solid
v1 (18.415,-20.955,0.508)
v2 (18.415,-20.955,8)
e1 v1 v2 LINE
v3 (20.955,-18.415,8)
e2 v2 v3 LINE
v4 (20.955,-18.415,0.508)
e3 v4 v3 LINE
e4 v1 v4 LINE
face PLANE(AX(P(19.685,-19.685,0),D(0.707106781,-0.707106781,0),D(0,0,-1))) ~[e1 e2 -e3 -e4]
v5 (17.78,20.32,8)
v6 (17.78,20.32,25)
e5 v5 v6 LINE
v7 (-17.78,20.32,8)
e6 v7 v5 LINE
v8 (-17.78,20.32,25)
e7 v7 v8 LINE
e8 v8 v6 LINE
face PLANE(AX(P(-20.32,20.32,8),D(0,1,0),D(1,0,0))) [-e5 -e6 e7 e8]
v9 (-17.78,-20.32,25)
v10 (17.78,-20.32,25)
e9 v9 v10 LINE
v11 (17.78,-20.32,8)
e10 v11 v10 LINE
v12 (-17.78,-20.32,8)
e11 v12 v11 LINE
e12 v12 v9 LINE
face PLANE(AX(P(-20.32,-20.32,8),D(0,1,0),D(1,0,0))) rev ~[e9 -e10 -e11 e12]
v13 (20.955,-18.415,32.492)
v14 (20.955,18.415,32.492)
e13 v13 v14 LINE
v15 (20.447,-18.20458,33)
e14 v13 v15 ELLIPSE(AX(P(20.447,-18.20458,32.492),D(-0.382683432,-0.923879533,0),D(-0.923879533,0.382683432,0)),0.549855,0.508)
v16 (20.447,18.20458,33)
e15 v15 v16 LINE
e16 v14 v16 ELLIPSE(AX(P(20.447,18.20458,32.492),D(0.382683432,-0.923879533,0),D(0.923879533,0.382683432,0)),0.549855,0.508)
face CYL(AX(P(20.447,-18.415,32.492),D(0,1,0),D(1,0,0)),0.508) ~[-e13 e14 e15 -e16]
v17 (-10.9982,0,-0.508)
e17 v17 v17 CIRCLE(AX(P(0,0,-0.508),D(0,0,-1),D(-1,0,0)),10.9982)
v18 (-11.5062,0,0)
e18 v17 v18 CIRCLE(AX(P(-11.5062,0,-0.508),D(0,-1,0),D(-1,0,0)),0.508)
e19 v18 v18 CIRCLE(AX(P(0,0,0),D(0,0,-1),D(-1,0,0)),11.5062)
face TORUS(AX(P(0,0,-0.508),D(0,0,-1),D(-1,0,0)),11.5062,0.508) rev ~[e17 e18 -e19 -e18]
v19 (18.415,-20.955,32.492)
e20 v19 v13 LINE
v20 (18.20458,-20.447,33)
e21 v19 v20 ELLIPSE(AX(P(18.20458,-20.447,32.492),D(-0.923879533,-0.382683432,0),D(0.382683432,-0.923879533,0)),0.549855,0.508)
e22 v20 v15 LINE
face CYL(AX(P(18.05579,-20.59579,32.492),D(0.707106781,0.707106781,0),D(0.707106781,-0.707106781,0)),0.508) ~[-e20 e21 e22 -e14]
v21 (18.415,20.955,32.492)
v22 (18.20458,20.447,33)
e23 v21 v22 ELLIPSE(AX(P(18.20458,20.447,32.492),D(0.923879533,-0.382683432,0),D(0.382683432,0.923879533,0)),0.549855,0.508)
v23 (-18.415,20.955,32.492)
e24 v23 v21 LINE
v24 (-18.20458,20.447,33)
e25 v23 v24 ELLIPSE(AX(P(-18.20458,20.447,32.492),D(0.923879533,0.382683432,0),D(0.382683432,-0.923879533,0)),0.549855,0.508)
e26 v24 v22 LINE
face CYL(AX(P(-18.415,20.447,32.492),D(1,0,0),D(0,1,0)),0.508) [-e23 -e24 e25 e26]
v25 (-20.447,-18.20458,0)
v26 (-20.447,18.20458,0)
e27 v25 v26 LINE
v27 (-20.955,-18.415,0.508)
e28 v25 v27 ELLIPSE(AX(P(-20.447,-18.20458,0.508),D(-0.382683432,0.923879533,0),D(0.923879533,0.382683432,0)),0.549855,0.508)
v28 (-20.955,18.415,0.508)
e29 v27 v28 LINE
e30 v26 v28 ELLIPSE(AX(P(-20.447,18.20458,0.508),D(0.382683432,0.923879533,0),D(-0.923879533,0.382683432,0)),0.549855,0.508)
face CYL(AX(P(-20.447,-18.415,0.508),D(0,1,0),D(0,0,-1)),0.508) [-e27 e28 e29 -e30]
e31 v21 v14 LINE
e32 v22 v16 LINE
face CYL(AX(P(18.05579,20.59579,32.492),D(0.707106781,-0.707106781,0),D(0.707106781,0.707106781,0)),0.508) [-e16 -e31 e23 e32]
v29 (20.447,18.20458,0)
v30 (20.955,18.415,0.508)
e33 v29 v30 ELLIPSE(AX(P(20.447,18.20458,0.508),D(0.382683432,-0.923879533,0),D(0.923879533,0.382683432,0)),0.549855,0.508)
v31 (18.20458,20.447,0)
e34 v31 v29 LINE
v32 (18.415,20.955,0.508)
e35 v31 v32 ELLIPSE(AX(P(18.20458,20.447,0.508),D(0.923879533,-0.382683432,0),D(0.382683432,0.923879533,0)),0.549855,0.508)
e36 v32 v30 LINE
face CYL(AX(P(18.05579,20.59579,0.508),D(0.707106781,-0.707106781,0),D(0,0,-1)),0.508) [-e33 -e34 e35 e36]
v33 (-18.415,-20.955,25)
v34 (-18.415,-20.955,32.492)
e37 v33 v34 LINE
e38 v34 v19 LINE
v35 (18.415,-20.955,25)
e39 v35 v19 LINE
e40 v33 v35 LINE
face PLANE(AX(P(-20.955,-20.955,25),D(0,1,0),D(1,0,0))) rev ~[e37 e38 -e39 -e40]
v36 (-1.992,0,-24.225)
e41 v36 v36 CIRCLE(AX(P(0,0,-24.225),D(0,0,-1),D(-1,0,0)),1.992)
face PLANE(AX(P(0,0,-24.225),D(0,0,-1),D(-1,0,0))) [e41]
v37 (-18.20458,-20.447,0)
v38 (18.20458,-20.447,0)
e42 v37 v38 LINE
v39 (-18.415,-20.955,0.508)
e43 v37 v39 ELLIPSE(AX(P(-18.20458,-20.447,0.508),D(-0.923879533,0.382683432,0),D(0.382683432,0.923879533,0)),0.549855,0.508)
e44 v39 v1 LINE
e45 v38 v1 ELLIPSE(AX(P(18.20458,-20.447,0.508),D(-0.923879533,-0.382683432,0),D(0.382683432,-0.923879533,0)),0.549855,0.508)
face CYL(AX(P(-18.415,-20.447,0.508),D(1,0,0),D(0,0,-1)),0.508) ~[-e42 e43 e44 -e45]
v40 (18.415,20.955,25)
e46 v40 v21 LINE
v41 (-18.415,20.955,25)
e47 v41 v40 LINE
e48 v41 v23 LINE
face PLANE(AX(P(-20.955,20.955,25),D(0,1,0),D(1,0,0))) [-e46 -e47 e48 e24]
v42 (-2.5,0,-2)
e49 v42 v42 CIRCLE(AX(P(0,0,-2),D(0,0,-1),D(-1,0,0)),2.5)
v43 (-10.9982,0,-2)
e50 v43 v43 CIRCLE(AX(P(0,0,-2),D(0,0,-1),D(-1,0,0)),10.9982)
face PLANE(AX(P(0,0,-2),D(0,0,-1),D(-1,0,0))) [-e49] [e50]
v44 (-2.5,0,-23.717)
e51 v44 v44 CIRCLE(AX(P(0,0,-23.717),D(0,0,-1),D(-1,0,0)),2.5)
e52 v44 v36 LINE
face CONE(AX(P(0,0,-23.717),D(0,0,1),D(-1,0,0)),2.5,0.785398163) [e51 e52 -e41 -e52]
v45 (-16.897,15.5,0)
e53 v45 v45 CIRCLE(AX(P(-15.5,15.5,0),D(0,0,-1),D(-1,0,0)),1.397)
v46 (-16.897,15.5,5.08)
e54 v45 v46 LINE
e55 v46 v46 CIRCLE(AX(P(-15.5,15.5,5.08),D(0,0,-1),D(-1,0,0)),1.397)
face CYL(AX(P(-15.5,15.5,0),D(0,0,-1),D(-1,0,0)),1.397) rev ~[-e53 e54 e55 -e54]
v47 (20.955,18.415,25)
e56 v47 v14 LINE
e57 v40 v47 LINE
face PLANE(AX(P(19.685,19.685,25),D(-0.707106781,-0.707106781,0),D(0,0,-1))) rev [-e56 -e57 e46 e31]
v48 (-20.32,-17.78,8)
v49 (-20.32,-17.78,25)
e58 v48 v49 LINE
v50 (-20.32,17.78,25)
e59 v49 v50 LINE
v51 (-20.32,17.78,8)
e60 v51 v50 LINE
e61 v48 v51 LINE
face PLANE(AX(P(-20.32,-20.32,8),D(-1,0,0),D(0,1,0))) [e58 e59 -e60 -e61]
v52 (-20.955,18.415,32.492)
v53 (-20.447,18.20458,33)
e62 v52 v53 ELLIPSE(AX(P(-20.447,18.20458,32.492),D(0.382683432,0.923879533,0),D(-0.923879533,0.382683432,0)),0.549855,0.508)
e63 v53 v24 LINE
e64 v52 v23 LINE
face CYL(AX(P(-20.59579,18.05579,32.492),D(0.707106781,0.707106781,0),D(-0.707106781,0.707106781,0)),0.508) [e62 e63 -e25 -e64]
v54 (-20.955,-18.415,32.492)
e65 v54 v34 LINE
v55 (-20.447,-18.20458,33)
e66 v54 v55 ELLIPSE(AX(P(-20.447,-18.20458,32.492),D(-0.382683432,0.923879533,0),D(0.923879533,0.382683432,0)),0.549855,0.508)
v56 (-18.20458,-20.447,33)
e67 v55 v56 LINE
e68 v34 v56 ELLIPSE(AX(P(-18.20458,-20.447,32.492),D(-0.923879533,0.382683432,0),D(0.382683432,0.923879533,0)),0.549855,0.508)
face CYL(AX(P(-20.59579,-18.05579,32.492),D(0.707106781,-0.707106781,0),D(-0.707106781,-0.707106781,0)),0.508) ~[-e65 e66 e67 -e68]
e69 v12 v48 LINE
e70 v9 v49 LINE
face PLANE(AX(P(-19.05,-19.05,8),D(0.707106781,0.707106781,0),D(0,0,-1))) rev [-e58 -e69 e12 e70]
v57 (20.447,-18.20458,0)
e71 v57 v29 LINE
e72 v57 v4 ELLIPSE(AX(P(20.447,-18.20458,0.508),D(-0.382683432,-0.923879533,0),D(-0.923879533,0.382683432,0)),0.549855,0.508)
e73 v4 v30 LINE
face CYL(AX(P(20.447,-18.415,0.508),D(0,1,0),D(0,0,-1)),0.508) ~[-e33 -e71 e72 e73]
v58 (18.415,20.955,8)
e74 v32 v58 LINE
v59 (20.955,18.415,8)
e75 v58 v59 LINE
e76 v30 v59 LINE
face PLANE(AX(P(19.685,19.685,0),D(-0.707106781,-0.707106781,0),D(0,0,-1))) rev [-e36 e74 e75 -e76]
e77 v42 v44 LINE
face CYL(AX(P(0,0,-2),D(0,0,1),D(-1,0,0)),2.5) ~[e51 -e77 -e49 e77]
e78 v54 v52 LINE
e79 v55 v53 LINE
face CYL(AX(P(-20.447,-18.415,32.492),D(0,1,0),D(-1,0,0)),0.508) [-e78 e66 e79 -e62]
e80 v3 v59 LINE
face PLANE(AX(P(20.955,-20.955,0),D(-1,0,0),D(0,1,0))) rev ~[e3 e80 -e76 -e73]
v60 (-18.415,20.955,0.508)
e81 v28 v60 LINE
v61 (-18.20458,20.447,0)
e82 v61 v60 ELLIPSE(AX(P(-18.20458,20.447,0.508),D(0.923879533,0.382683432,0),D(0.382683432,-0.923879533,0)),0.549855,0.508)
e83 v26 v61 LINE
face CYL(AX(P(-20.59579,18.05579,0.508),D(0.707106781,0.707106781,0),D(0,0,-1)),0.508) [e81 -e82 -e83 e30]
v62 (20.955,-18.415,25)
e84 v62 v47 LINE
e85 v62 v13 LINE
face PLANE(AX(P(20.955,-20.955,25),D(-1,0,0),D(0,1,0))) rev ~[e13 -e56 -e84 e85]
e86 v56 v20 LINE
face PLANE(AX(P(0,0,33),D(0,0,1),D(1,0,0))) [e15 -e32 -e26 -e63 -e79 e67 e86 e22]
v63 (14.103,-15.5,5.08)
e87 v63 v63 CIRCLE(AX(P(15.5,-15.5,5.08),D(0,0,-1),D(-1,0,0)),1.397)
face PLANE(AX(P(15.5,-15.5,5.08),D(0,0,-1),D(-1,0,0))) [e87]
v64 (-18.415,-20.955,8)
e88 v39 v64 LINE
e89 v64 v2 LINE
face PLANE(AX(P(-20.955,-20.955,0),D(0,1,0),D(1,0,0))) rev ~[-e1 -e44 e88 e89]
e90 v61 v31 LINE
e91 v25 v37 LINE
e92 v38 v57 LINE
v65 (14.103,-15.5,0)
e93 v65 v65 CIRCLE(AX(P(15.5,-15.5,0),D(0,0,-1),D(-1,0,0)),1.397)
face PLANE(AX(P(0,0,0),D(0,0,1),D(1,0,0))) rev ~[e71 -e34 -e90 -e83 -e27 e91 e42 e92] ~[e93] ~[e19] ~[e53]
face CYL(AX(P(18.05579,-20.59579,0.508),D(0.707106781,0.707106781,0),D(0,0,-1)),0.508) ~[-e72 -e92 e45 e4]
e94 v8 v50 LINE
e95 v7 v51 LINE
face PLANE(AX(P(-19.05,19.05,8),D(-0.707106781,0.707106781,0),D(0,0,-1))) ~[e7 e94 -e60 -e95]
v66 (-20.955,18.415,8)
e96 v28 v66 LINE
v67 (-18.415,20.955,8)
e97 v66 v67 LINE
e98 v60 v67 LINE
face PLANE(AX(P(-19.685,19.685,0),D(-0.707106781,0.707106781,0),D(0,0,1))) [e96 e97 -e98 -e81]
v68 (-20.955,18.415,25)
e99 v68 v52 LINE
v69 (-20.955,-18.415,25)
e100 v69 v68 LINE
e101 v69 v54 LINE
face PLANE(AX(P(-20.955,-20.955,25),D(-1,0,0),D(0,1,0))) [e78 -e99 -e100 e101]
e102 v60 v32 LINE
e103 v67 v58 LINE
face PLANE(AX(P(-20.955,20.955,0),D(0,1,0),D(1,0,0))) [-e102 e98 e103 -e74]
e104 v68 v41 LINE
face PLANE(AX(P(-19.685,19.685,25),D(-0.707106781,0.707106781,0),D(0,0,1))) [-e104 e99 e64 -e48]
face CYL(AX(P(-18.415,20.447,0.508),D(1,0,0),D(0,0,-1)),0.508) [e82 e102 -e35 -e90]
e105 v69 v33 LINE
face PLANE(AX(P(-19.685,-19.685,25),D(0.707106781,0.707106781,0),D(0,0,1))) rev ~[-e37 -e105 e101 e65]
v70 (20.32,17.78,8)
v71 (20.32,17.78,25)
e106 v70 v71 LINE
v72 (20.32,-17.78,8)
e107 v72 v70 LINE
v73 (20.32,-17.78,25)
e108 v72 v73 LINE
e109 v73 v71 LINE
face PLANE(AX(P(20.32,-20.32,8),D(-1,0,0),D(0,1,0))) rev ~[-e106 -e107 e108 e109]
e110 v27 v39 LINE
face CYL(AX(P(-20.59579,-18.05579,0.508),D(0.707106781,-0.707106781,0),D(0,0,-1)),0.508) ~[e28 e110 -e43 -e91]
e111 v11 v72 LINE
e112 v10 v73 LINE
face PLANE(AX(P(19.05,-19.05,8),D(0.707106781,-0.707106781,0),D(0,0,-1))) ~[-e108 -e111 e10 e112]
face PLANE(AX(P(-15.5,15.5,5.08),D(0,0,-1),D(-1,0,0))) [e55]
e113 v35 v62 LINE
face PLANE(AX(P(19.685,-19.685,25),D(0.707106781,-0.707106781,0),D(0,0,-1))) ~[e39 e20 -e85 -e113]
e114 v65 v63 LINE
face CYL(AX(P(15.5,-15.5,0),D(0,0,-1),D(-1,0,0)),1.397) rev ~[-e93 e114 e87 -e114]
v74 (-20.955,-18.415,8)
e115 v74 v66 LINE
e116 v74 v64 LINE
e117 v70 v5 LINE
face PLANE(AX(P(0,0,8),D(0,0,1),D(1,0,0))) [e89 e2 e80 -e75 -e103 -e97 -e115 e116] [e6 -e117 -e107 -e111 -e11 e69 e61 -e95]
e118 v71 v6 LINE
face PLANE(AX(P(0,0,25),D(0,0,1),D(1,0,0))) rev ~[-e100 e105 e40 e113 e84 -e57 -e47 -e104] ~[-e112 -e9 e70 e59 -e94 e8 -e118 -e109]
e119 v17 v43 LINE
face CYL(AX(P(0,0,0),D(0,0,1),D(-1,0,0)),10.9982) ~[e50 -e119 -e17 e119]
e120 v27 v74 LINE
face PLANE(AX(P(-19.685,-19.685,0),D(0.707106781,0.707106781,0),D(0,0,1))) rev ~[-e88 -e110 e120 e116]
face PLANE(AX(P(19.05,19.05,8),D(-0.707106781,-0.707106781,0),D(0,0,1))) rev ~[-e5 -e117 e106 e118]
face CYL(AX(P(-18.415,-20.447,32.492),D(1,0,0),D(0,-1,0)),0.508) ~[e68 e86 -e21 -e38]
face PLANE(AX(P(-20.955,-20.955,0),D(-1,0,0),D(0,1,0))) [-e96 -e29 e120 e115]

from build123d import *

# Parameters (mm, degrees)
SKETCH1_W           = 41.91
SKETCH1_H           = 41.91
BOSS_EXTRUDE1_DEPTH = 8
SKETCH2_W           = 40.64
SKETCH2_H           = 40.64
BOSS_EXTRUDE2_DEPTH = 17
SKETCH3_W           = 41.91
SKETCH3_H           = 41.91
BOSS_EXTRUDE3_DEPTH = 8
CHAMFER1_SIZE       = 2.54
CHAMFER2_SIZE       = 2.54
SKETCH4_R           = 10.9982
BOSS_EXTRUDE4_DEPTH = 2
SKETCH5_R           = 2.5
BOSS_EXTRUDE5_DEPTH = 22.225
CHAMFER3_SIZE       = 0.508
FILLET2_R           = 0.508
SKETCH6_R           = 1.397
CUT_EXTRUDE1_DEPTH  = 5.08


with BuildPart() as part:
    # Sketch1 → Boss-Extrude1 (new body)
    with BuildSketch(Plane.XY):
        Rectangle(SKETCH1_W, SKETCH1_H)
    extrude(amount=BOSS_EXTRUDE1_DEPTH)

    # Sketch2 → Boss-Extrude2 (add)
    with BuildSketch(Plane.XY.offset(8)):
        Rectangle(SKETCH2_W, SKETCH2_H)
    extrude(amount=BOSS_EXTRUDE2_DEPTH)

    # Sketch3 → Boss-Extrude3 (add)
    with BuildSketch(Plane.XY.offset(25)):
        Rectangle(SKETCH3_W, SKETCH3_H)
    extrude(amount=BOSS_EXTRUDE3_DEPTH)

    # Chamfer1
    chamfer1_edges = [part.edges().sort_by_distance(p)[0] for p in [
        (20.32, -20.32, 16.5),
        (20.32, 20.32, 16.5),
        (-20.32, 20.32, 16.5),
        (-20.32, -20.32, 16.5),
    ]]
    chamfer(chamfer1_edges, length=CHAMFER1_SIZE)

    # Chamfer2
    chamfer2_edges = [part.edges().sort_by_distance(p)[0] for p in [
        (20.955, -20.955, 29),
        (20.955, 20.955, 29),
        (-20.955, 20.955, 29),
        (-20.955, -20.955, 29),
        (20.955, -20.955, 4),
        (-20.955, -20.955, 4),
        (-20.955, 20.955, 4),
        (20.955, 20.955, 4),
    ]]
    chamfer(chamfer2_edges, length=CHAMFER2_SIZE)

    # Sketch4 → Boss-Extrude4 (add)
    with BuildSketch(Plane(origin=(0, 0, 0), x_dir=(-1, 0, 0), z_dir=(0, 0, -1))):
        Circle(SKETCH4_R)
    extrude(amount=BOSS_EXTRUDE4_DEPTH)

    # Sketch5 → Boss-Extrude5 (add)
    with BuildSketch(Plane(origin=(0, 0, -2), x_dir=(-1, 0, 0), z_dir=(0, 0, -1))):
        Circle(SKETCH5_R)
    extrude(amount=BOSS_EXTRUDE5_DEPTH)

    # Chamfer3
    chamfer3_edges = [part.edges().sort_by_distance(p)[0] for p in [
        (2.5, 0, -24.225),
    ]]
    chamfer(chamfer3_edges, length=CHAMFER3_SIZE)

    # Fillet2
    fillet2_edges = [part.edges().sort_by_distance(p)[0] for p in [
        (10.9982, 0, 0),
        (0, 20.955, 33),
        (20.955, 0, 33),
        (-20.955, 0, 33),
        (0, -20.955, 33),
        (19.685, -19.685, 33),
        (-19.685, -19.685, 33),
        (-19.685, 19.685, 33),
        (19.685, 19.685, 33),
        (0, 20.955, 0),
        (20.955, 0, 0),
        (0, -20.955, 0),
        (-20.955, 0, 0),
        (19.685, -19.685, 0),
        (-19.685, -19.685, 0),
        (-19.685, 19.685, 0),
        (19.685, 19.685, 0),
    ]]
    fillet(fillet2_edges, radius=FILLET2_R)

    # Sketch6 → Cut-Extrude1 (cut)
    with BuildSketch(Plane(origin=(0, 0, 0), x_dir=(-1, 0, 0), z_dir=(0, 0, -1))):
        with Locations((15.5, 15.5)):
            Circle(SKETCH6_R)
        with Locations((-15.5, -15.5)):
            Circle(SKETCH6_R)
    extrude(amount=-CUT_EXTRUDE1_DEPTH, mode=Mode.SUBTRACT)


solid = part.part
